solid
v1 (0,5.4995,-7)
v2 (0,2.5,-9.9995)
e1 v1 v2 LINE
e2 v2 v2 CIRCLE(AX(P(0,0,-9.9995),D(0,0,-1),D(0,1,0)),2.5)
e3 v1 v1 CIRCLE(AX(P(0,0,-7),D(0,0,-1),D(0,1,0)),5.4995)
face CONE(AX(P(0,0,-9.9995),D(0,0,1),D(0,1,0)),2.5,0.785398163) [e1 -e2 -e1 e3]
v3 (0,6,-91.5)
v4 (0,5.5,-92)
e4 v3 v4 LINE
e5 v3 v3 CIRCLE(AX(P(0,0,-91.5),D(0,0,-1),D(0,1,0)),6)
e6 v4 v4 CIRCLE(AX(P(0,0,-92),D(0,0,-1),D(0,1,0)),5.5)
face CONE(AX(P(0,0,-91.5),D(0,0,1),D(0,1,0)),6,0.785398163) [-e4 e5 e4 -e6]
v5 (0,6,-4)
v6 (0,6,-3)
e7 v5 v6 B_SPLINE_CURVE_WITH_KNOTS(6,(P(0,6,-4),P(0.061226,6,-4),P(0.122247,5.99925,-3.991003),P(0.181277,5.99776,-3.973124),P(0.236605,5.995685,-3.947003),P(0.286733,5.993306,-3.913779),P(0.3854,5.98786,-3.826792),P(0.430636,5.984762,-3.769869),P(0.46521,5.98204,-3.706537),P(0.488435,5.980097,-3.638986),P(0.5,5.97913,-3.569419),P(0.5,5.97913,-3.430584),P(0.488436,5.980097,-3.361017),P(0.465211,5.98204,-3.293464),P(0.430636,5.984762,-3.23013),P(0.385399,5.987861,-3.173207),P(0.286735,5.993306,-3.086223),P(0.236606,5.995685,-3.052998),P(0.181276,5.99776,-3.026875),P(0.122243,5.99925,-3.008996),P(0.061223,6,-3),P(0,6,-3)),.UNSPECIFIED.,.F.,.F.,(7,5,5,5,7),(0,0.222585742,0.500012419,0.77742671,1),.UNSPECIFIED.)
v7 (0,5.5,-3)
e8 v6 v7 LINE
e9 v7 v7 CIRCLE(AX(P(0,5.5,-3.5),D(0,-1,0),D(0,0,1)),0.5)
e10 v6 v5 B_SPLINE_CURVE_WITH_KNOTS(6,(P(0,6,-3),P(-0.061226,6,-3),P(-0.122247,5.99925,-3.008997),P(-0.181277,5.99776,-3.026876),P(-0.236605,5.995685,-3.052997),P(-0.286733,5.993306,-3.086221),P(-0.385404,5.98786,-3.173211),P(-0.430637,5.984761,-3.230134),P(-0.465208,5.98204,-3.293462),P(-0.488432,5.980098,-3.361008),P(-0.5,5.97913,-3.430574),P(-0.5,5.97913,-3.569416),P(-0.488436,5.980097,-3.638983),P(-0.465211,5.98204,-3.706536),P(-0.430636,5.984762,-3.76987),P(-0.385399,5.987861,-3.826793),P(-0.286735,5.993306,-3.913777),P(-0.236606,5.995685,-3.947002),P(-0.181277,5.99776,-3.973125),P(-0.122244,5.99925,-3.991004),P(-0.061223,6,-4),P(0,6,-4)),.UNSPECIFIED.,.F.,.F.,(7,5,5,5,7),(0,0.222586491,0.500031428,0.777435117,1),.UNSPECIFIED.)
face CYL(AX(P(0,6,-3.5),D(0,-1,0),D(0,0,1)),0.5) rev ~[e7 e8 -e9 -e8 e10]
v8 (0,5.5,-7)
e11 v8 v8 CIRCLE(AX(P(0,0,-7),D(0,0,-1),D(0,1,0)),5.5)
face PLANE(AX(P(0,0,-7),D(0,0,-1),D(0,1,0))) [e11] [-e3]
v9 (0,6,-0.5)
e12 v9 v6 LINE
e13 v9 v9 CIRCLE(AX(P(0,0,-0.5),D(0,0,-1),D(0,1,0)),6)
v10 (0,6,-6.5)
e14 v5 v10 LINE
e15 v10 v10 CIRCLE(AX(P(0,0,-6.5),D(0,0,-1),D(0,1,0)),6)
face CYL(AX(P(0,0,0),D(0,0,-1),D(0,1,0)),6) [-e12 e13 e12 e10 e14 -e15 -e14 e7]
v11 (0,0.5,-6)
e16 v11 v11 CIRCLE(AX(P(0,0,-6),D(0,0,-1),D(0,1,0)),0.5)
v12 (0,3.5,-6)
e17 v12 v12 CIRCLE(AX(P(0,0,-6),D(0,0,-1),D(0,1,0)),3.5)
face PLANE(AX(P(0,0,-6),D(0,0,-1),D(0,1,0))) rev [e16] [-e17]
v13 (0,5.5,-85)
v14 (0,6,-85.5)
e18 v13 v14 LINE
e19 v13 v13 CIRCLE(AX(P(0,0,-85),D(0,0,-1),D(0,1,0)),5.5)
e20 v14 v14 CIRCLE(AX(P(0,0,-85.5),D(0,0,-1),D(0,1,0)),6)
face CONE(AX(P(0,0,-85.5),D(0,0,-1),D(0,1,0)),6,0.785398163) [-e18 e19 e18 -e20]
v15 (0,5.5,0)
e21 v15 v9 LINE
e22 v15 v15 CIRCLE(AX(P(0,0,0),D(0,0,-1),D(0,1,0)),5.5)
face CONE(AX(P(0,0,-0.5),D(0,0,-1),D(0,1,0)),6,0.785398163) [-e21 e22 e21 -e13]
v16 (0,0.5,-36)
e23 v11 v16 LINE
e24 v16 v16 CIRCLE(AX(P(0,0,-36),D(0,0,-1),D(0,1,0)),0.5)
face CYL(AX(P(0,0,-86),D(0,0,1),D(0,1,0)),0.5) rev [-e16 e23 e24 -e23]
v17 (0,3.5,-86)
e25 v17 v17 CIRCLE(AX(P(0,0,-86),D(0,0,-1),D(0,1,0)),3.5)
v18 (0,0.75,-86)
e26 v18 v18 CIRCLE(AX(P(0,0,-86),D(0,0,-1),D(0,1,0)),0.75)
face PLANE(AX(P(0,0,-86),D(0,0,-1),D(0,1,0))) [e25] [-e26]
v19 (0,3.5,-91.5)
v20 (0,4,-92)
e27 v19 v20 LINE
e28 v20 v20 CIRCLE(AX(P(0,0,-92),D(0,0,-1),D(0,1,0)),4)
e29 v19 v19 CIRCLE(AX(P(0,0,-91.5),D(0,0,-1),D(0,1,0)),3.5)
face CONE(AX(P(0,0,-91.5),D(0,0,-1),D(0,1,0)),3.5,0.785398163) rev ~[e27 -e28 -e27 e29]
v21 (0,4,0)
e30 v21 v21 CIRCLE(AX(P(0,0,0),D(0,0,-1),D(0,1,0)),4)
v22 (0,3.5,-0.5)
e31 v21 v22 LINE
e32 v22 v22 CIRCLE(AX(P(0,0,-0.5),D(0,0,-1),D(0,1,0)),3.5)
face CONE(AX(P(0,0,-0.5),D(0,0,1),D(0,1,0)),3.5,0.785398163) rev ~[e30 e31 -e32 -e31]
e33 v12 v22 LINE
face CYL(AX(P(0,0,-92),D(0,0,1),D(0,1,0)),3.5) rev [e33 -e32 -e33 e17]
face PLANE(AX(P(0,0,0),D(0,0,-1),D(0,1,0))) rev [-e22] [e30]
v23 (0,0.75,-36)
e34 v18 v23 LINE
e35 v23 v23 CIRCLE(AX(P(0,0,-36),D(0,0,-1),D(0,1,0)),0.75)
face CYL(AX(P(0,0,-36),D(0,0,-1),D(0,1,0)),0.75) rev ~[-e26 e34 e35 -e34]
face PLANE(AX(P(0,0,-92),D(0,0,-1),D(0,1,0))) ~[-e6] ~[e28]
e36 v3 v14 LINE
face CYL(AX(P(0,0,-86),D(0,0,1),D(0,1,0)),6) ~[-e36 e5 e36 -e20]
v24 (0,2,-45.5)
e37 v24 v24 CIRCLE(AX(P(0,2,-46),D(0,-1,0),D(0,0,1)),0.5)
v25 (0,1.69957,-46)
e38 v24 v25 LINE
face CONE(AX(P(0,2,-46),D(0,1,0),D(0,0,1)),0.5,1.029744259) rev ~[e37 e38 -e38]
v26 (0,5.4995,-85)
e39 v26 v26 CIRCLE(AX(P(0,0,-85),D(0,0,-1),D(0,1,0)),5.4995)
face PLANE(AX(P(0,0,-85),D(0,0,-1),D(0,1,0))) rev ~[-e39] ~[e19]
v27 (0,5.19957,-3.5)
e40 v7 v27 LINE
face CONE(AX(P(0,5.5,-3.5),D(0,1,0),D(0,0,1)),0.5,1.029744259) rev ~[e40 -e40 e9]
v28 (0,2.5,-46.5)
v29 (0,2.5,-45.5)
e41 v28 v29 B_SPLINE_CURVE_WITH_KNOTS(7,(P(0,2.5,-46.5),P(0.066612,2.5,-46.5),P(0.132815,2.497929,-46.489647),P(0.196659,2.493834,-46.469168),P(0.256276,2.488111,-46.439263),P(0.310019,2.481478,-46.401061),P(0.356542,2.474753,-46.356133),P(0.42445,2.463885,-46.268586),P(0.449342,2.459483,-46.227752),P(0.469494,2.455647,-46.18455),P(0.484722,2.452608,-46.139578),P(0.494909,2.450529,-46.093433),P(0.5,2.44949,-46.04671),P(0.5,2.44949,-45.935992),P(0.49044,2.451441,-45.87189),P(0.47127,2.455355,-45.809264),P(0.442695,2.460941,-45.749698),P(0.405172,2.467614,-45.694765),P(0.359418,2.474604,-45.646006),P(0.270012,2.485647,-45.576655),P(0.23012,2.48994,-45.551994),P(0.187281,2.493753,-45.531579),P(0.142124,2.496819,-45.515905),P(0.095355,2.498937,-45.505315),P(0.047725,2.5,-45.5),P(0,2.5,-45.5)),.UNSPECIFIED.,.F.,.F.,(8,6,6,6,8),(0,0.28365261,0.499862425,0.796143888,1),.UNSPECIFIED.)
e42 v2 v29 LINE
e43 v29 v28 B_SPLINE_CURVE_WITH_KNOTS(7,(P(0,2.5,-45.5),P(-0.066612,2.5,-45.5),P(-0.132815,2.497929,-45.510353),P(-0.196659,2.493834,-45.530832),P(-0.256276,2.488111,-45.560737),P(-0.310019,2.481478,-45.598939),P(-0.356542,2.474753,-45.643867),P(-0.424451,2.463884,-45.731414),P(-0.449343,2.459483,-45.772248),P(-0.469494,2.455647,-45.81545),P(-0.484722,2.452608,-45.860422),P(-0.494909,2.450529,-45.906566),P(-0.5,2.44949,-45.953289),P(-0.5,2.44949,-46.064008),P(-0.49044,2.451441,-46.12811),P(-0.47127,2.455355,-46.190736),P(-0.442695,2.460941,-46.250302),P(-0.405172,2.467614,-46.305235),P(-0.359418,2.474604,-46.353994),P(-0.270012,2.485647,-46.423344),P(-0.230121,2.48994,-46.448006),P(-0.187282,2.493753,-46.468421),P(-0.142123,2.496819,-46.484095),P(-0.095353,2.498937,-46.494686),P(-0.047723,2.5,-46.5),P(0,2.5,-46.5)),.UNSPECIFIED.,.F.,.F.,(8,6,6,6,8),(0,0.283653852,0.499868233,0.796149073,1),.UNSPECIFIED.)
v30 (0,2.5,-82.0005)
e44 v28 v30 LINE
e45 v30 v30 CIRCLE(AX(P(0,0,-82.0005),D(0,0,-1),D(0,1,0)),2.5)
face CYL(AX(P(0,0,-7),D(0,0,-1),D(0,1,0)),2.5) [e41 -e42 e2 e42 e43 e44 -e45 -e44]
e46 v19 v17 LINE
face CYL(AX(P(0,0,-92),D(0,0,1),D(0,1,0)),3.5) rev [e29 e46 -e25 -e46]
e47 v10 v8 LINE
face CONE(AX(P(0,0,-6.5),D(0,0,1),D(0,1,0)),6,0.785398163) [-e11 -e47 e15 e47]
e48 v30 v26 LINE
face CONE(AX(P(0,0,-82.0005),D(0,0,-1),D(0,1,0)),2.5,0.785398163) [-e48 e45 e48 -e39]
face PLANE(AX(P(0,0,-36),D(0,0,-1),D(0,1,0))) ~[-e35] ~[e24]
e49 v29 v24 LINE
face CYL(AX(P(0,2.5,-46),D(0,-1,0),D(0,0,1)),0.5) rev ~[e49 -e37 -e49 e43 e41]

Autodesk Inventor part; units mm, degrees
ref_plane "YZ Plane" through (0, 0, 0) normal (1, 0, 0) x (0, 1, 0)
sketch "Sketch1" plane through (0, 0, 0) normal (1, 0, 0) x (0, 1, 0)
  line L0 (0, 0) -> (0, -92)
  line L1 (0, -92) -> (3.5, -92)
  line L2 (3.5, -92) -> (3.5, 0)
  line L3 (3.5, 0) -> (0, 0)
  line L4 (3.5, 0) -> (3.5, -6)
  line L5 (3.5, -92) -> (3.5, -86)
  line L6 (3.5, -92) -> (6, -92)
  line L7 (6, -92) -> (6, -86)
  line L8 (6, -86) -> (3.5, -86)
  line L9 (3.5, 0) -> (6, 0)
  line L10 (6, 0) -> (6, -6)
  line L11 (6, -6) -> (3.5, -6)
  line L12 (3.5, -86) -> (0.5, -86)
  line L13 (0.5, -86) -> (0.5, -6)
  line L14 (0.5, -6) -> (3.5, -6)
  line L15 (6, -6) -> (6, -7)
  line L16 (6, -7) -> (0.5, -7)
  line L17 (6, -86) -> (6, -85)
  line L18 (6, -85) -> (0.5, -85)
  line L19 (3.5, -7) -> (3.6267, -7)
  line L20 (2.5, -7) -> (2.5, -85)
  line L21 (0.5, -6) -> (0.5, -36)
  line L22 (0.5, -36) -> (0.75, -36)
  line L23 (0.75, -36) -> (0.75, -86)
  line L24 (0.75, -86) -> (0, -86)
  point P0 (3.5, -85)
  point P1 (2, -6)
  point P2 (3.6267, -85)
  dimension "d0" = 92
  dimension "d1" = 3.5
  dimension "d2" = 6
  dimension "d3" = 6
  dimension "d5" = 2.5
  dimension "d6" = 2.5
  dimension "d7" = 3
  dimension "d8" = 1
  dimension "d9" = 1
  dimension "d22" = 2
  dimension "d41" = 30
  dimension "d42" = 0.25
  dimension "d43" = 50
revolve "Revolution1" add sketch "Sketch1" angle 360 about axis through (0, 0, 0) along (0, 0, -1) contours L9 L10 L11 L2 | L11 L15 L16 L2 | L2 L16 L13 L14 | L2 L8 L7 L6 | L23 L18 L2 L12 | L2 L18 L17 L8 | L23 L22 L13 L16 L20 L18
thread "Thread1" size "M7x1" class "6H" standard "ANSI Metric M Profile" full length
thread "Thread2" size "M7x1" class "6H" standard "ANSI Metric M Profile" full length
chamfer "Chamfer1" distance 0.5 angle 45 2 edges at (0, -3.5, 0) (0, -3.5, -92)
chamfer "Chamfer2" distance 0.5 angle 45 4 edges at (0, -6, -92) (0, -6, -85) (0, -6, -7) (0, -6, 0)
chamfer "Chamfer3" distance 3 angle 45 2 edges at (0, -2.5, -7) (0, -2.5, -85)
ref_plane "Work Plane1" through (0, 6, -3.5) normal (0, 1, 0) x (-1, 0, 0)
ref_plane "Work Plane2" through (0, 2.5, -46) normal (0, 1, 0) x (-1, 0, 0)
sketch "Sketch2" plane through (0, 6, -3.5) normal (0, 1, 0) x (-1, 0, 0)
  point P0 (0, 3.5)
  point P1 (0, 0)
  point P2 (0, 0)
sketch "Sketch3" plane through (0, 2.5, -46) normal (0, 1, 0) x (-1, 0, 0)
  point P0 (0, 46)
  point P1 (0, 0)
hole "Hole1" at (0, 6, -3.5) direction (0, -1, 0) diameter 1 depth 0.5 tip angle 118
hole "Hole2" at (0, 2.5, -46) direction (0, -1, 0) diameter 1 depth 0.5 tip angle 118
properties part number "Heater"
